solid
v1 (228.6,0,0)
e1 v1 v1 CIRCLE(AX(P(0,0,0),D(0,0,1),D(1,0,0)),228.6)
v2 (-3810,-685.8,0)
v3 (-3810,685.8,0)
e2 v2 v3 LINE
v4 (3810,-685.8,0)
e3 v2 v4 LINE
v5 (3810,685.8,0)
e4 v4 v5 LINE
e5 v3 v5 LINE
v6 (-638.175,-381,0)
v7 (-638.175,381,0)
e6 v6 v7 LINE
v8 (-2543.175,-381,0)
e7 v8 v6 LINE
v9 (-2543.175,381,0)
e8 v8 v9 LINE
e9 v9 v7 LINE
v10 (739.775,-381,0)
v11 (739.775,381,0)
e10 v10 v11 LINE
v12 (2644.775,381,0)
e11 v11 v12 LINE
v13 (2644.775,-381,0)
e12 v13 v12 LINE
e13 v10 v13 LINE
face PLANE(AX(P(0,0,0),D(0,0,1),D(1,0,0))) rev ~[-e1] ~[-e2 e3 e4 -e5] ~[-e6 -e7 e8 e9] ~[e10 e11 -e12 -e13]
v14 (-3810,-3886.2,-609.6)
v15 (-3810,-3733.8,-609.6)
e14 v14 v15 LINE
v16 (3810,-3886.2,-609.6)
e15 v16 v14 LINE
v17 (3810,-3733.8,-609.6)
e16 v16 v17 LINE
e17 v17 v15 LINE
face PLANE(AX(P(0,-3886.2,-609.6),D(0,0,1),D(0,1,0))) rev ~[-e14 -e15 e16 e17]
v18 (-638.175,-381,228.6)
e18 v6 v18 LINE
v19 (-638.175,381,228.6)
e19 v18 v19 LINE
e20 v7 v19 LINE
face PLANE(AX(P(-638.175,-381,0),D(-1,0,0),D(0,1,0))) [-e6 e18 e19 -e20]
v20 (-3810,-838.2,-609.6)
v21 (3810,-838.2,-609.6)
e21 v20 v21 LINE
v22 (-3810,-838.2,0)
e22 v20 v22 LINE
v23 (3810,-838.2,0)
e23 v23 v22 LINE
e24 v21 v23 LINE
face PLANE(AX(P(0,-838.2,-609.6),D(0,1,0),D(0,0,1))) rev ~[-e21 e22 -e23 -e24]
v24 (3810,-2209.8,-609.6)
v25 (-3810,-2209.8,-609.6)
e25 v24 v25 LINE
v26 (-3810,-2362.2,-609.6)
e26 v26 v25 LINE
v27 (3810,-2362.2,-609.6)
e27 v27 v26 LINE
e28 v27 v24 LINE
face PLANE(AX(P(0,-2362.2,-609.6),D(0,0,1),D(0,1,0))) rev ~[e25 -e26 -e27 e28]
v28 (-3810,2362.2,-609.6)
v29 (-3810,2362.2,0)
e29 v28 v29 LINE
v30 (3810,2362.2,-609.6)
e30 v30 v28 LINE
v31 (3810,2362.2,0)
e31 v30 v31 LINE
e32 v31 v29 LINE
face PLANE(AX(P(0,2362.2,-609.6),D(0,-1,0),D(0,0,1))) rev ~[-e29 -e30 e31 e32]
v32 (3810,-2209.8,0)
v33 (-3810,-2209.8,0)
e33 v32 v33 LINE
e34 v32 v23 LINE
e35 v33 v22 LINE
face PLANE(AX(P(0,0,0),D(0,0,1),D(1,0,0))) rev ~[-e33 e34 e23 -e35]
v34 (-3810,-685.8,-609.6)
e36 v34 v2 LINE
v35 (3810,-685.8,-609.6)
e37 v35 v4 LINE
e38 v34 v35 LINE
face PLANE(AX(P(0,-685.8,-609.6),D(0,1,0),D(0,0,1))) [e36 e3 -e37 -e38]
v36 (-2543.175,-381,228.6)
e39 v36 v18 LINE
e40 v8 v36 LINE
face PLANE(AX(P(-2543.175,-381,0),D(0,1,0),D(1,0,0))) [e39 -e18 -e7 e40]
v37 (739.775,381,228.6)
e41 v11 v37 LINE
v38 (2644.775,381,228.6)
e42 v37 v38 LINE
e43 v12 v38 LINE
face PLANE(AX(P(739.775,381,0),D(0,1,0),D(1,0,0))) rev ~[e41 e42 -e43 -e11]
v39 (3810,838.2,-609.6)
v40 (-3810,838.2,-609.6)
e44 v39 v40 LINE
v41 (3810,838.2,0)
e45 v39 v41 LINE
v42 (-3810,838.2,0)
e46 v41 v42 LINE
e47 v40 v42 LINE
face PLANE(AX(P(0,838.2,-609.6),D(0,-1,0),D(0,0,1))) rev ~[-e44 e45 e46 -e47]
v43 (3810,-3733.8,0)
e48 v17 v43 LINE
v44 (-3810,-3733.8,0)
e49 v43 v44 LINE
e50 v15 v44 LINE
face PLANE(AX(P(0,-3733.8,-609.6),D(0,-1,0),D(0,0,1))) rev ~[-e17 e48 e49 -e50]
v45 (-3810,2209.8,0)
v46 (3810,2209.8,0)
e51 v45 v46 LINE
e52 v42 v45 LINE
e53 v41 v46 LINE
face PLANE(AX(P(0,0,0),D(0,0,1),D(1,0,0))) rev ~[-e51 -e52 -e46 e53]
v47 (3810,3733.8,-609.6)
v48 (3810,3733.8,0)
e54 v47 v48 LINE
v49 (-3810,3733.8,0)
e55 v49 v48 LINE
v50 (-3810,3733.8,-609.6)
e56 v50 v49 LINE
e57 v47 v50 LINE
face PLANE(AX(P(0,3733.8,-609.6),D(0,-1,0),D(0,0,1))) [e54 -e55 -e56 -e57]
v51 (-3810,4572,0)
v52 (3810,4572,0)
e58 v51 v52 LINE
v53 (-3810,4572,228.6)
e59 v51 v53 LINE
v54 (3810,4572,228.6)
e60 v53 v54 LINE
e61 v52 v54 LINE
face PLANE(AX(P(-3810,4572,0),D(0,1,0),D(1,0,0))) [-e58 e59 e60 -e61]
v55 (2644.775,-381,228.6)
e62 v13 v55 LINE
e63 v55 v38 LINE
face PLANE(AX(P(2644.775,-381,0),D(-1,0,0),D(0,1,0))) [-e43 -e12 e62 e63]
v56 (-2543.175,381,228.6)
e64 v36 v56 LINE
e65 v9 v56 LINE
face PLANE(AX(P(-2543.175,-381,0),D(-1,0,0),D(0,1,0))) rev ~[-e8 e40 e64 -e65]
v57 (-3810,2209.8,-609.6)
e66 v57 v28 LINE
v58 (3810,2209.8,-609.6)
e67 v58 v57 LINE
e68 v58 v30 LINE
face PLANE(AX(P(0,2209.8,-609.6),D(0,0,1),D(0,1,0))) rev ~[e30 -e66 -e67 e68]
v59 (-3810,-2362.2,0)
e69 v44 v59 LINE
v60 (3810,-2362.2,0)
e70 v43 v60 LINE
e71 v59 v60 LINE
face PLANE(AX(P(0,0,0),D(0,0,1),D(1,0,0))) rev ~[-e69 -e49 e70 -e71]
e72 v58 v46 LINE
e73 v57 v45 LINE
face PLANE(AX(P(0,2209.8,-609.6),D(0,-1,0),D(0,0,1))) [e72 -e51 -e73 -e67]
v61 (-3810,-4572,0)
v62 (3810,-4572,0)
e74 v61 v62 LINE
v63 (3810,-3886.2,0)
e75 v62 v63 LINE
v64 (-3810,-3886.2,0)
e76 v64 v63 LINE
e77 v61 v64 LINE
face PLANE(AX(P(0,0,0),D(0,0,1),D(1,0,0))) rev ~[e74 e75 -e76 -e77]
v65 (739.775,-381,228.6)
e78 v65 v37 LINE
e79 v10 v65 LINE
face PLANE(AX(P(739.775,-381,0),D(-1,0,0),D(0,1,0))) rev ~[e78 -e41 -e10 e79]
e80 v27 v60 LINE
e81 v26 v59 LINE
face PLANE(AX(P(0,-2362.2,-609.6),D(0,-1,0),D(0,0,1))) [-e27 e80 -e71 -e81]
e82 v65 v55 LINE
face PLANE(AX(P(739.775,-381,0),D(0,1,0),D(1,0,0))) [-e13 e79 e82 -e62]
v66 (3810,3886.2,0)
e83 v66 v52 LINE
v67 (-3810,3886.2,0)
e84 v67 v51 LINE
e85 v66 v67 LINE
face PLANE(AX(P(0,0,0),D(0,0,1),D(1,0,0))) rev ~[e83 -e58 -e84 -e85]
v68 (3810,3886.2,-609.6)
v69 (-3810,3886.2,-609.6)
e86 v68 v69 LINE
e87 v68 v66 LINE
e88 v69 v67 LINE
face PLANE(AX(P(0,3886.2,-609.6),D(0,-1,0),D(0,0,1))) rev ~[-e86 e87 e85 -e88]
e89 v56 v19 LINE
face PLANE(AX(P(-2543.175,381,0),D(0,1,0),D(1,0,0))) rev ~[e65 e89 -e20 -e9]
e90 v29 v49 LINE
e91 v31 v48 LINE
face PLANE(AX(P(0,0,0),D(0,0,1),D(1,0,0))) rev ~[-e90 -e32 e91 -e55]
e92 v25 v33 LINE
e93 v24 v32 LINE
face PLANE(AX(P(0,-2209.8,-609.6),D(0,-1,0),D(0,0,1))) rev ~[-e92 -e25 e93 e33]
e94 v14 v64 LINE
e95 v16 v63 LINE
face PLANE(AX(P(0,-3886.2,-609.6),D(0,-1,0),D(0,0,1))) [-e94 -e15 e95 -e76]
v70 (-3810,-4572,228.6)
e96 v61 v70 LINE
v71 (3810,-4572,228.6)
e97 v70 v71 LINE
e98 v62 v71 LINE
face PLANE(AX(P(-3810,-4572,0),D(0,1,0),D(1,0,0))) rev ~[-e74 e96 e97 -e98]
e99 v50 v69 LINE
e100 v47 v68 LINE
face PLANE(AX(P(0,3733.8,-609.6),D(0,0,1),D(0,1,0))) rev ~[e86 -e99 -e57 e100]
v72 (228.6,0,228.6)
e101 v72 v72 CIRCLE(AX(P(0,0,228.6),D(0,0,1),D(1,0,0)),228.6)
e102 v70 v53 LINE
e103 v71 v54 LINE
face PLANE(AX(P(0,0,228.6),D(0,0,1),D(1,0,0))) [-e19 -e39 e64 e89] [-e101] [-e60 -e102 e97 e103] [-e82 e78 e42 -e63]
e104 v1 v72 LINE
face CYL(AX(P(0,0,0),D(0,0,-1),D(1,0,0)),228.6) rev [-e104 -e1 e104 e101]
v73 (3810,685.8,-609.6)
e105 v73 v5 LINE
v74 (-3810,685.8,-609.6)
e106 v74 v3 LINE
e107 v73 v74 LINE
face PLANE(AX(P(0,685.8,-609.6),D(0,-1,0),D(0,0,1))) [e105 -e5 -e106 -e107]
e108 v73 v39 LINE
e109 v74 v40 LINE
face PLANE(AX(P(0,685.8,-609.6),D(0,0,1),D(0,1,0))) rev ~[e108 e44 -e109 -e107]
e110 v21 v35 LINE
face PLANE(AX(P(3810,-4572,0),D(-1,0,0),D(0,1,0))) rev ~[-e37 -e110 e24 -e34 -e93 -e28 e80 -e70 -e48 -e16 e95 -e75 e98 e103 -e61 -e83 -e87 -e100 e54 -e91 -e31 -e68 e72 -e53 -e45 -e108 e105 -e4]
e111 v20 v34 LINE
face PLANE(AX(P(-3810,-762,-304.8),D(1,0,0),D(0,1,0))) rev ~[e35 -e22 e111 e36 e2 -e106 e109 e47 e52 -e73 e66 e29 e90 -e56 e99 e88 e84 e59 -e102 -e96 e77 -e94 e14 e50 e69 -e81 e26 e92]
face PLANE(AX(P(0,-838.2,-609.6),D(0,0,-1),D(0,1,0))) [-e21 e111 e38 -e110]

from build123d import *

# Parameters (mm, degrees)
F0_W          = 7620
F0_H          = 9144
F0_W_2        = 1905
F0_H_2        = 762
F0_R          = 228.6
F1_DEPTH      = 228.6
F2_W          = 152.4
F2_H          = 609.6
F3_DEPTH      = 3810
F3_DEPTH_BACK = 3810


with BuildPart() as f1:
    # F0 (on Top) → F1 (new body)
    with BuildSketch(Plane.XY):
        Rectangle(F0_W, F0_H)
        with Locations((-1590.675, 0)):
            Rectangle(F0_W_2, F0_H_2, mode=Mode.SUBTRACT)
        Circle(F0_R, mode=Mode.SUBTRACT)
        with Locations((1692.275, 0)):
            Rectangle(F0_W_2, F0_H_2, mode=Mode.SUBTRACT)
    extrude(amount=F1_DEPTH)

    # F2 (on Right) → F3 (join, two sides)
    with BuildSketch(Plane.YZ) as f3_sk:
        with Locations((-762, -304.8)):
            Rectangle(F2_W, F2_H)
        with Locations((762, -304.8)):
            Rectangle(F2_W, F2_H)
        with Locations((2286, -304.8)):
            Rectangle(F2_W, F2_H)
        with Locations((3810, -304.8)):
            Rectangle(F2_W, F2_H)
        with Locations((-3810, -304.8)):
            Rectangle(F2_W, F2_H)
        with Locations((-2286, -304.8)):
            Rectangle(F2_W, F2_H)
    extrude(amount=F3_DEPTH)
    extrude(f3_sk.sketch, amount=-F3_DEPTH_BACK)


solid = f1.part
